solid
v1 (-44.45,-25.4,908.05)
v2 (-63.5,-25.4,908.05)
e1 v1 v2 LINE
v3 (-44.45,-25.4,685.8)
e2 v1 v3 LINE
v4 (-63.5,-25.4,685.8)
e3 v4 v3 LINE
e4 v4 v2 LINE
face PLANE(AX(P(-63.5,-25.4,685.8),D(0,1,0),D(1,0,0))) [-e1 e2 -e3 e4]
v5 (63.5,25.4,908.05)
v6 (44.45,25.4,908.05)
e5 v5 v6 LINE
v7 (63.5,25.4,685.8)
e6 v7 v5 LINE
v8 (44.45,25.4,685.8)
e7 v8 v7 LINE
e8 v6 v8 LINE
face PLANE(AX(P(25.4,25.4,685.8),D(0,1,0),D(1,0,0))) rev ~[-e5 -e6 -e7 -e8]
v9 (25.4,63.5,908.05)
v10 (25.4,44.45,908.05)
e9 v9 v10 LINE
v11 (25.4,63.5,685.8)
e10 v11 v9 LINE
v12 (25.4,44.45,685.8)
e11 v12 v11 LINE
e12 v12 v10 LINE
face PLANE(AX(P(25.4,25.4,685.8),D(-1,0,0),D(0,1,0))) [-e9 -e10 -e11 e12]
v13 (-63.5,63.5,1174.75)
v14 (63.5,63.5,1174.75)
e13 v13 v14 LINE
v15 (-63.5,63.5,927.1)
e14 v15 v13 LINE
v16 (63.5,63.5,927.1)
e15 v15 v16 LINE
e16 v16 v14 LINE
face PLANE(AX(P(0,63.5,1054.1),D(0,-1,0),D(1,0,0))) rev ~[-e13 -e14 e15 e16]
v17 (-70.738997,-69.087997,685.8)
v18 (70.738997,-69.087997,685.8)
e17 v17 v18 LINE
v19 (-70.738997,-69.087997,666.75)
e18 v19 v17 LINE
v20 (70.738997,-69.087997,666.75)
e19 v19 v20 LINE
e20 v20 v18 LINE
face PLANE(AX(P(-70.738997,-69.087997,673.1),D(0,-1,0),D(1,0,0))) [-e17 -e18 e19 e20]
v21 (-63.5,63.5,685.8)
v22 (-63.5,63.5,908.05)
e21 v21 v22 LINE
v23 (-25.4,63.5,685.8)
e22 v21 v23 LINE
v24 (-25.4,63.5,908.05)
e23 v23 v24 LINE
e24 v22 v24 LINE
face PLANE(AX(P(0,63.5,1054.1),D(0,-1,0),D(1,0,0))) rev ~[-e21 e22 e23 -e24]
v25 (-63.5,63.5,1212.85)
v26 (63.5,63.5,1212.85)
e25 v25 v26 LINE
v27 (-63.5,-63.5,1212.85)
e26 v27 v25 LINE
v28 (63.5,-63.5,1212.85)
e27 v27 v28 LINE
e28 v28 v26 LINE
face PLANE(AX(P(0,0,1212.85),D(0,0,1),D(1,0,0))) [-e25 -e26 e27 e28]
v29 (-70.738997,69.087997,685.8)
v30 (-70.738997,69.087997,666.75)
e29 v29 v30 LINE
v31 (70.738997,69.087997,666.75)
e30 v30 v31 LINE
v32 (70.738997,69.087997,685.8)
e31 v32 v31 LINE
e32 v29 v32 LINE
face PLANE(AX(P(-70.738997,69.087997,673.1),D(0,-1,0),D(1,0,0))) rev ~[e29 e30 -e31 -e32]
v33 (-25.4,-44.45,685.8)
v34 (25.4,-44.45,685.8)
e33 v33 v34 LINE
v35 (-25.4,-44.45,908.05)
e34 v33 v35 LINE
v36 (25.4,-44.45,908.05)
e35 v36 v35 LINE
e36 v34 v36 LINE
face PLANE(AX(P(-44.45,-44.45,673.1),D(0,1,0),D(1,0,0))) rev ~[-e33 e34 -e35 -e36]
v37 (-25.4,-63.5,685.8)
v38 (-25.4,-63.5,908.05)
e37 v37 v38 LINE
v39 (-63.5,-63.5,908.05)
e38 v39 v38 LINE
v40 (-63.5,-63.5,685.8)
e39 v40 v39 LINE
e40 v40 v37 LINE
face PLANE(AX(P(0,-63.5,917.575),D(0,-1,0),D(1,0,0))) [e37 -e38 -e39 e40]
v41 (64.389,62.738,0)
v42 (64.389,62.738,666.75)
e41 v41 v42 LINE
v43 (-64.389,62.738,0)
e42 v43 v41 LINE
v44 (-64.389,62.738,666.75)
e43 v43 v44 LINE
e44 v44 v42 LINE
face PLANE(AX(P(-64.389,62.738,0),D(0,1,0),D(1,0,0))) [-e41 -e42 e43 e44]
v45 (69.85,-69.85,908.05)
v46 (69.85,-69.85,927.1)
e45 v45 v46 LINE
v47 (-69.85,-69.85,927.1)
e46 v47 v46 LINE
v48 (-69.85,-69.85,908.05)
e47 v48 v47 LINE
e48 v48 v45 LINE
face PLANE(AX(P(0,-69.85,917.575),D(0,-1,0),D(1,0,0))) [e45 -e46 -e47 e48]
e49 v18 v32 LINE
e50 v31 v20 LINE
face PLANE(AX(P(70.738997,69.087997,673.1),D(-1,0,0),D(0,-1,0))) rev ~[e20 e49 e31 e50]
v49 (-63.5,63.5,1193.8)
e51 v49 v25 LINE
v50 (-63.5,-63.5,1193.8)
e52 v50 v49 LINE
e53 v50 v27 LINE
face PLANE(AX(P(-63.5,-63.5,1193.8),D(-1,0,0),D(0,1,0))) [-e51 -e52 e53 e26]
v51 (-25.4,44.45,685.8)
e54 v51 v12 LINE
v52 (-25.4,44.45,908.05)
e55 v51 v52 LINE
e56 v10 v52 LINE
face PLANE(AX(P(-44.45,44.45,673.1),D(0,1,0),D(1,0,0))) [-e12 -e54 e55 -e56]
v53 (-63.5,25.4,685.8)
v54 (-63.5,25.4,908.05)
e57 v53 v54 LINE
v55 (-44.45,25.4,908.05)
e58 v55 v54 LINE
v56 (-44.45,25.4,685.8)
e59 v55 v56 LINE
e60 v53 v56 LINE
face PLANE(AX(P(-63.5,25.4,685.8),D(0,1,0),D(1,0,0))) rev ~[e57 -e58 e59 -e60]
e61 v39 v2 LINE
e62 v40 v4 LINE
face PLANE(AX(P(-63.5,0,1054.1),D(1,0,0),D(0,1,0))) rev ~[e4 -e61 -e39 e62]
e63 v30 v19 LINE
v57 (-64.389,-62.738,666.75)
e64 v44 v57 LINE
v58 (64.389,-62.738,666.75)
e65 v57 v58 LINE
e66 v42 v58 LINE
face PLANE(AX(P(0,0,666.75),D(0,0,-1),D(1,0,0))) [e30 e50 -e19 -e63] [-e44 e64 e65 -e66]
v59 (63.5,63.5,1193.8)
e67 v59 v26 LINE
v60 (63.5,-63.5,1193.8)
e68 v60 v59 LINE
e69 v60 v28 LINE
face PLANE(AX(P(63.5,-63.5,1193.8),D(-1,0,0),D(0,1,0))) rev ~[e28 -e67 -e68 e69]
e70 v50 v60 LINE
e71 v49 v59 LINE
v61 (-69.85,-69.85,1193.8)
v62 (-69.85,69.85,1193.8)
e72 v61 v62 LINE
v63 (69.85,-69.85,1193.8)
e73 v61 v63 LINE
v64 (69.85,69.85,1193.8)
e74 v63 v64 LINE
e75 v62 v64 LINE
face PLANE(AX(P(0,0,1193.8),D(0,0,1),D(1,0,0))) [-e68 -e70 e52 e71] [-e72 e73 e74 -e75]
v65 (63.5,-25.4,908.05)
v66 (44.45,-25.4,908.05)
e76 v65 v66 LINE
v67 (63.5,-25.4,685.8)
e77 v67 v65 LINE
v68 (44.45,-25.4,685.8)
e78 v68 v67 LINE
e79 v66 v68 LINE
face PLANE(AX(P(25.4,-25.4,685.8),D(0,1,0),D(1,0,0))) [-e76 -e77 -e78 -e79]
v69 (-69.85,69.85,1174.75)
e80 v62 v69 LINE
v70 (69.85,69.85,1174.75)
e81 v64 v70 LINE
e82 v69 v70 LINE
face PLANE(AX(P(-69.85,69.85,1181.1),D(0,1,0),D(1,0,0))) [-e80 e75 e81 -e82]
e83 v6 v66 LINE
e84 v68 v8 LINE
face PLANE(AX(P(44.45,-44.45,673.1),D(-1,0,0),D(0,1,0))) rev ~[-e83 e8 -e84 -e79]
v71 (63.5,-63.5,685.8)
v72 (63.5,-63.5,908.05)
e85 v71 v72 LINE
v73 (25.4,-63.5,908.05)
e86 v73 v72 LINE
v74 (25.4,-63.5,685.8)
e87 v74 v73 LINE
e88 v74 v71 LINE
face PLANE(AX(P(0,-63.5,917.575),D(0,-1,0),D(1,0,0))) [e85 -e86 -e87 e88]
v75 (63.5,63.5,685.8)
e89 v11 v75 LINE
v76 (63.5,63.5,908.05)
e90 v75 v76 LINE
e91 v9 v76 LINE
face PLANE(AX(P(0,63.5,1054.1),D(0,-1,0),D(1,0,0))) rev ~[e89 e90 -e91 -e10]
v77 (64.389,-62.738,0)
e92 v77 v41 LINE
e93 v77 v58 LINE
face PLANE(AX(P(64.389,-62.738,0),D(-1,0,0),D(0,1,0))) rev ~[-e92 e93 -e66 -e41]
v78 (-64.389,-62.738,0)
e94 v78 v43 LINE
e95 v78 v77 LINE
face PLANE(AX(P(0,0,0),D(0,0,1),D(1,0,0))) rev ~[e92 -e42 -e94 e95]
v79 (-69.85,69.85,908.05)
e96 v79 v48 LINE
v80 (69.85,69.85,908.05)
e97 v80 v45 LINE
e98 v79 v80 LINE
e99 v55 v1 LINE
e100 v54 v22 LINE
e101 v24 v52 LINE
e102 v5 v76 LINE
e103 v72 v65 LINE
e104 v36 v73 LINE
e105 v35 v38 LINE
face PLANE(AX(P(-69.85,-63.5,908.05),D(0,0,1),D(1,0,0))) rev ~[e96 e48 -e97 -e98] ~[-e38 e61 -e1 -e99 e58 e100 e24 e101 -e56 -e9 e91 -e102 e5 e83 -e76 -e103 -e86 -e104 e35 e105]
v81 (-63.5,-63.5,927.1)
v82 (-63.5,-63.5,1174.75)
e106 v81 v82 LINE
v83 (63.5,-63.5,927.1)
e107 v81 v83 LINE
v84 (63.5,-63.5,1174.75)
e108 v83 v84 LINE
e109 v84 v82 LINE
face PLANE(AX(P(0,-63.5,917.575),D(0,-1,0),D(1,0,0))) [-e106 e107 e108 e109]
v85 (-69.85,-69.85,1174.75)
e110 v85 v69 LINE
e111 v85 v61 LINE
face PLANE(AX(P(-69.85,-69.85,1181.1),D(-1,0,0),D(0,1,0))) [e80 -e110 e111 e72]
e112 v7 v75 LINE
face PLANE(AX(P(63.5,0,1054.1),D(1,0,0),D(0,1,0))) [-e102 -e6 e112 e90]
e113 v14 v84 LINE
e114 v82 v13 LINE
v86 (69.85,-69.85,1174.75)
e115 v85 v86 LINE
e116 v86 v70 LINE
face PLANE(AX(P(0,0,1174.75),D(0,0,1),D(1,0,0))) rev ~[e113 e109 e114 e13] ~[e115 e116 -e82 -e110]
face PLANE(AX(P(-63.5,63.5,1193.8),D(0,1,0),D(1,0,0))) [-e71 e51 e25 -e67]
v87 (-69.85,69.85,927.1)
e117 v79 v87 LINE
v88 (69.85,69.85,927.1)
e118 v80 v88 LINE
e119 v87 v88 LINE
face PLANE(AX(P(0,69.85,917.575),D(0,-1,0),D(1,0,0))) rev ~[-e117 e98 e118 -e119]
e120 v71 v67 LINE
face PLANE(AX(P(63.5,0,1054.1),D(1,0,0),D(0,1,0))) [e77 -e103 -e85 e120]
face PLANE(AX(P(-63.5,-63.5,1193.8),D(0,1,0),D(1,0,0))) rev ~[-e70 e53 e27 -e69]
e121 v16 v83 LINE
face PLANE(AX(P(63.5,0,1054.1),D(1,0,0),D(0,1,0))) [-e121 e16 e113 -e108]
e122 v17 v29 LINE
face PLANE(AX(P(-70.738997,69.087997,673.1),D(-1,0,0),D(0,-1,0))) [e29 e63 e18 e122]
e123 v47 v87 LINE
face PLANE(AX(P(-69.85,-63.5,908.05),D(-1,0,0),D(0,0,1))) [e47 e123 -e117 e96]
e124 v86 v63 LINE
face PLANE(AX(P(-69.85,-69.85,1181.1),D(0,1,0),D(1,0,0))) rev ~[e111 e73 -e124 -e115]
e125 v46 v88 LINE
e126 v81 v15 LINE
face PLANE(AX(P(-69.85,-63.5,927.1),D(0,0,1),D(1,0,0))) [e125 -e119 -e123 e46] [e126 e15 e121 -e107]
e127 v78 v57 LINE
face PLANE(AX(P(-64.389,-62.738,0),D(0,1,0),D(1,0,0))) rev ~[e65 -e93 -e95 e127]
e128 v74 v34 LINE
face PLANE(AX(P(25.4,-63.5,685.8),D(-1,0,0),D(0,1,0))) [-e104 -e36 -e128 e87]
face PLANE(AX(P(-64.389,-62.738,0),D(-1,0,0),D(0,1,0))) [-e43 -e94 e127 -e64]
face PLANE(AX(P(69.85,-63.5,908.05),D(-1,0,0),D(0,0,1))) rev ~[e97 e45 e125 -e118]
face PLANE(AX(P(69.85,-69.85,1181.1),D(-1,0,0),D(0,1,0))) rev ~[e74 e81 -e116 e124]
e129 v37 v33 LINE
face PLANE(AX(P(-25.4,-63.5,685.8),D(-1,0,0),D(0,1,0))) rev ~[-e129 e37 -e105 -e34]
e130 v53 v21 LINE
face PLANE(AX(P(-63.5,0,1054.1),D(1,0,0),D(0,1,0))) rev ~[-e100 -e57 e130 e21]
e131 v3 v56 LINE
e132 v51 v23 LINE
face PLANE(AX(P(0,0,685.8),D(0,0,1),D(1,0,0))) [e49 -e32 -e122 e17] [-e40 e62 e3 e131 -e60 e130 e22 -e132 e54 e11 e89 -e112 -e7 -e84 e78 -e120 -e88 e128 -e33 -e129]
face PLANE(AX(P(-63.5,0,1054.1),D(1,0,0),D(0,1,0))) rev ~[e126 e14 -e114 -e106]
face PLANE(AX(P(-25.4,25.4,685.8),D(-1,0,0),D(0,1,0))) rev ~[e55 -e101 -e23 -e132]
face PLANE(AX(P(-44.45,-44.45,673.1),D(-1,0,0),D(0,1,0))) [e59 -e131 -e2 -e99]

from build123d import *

# Parameters (mm, degrees)
F0_W           = 128.778
F0_H           = 125.476
F1_DEPTH       = 673.1
F2_W           = 88.9
F2_H           = 88.9
F3_DEPTH       = 508
F4_W           = 141.4779941578
F4_H           = 138.1759941578
F4_W_2         = 88.9
F4_H_2         = 88.9
F5_DEPTH       = 12.7
F6_W           = 141.4779941578
F6_H           = 138.1759941578
F6_W_2         = 128.778
F6_H_2         = 125.476
F7_DEPTH       = 6.35
F8_W           = 38.1
F8_H           = 38.1
F9_DEPTH       = 495.3
F10_W          = 139.7
F10_H          = 139.7
F10_W_2        = 127
F10_H_2        = 127
F11_DEPTH      = 6.35
F12_W          = 139.7
F12_H          = 139.7
F13_DEPTH      = 12.7
F14_W          = 50.8
F14_H          = 254
F15_DEPTH      = 19.05
F15_DEPTH_BACK = 107.95
F16_W          = 50.8
F16_H          = 254
F17_DEPTH      = 19.05
F17_DEPTH_BACK = 107.95
F18_W          = 139.7
F18_H          = 19.05
F19_DEPTH      = 133.35
F19_DEPTH_BACK = 6.35
F20_W          = 127
F20_H          = 127
F21_DEPTH      = 19.05


with BuildPart() as f1:
    # F0 (on Top) → F1 (new body)
    with BuildSketch(Plane.XY):
        Rectangle(F0_W, F0_H)
    extrude(amount=F1_DEPTH)

    # F2 (on face) → F3 (join)
    with BuildSketch(Plane.XY.offset(673.1)):
        Rectangle(F2_W, F2_H)
    extrude(amount=F3_DEPTH)

    # F4 (on face) → F5 (join)
    with BuildSketch(Plane.XY.offset(673.1)):
        Rectangle(F4_W, F4_H)
        Rectangle(F4_W_2, F4_H_2, mode=Mode.SUBTRACT)
    extrude(amount=F5_DEPTH)

    # F6 (on face) → F7 (join)
    with BuildSketch(Plane(origin=(0, 0, 673.1), x_dir=(1, 0, 0), z_dir=(0, 0, -1))):
        Rectangle(F6_W, F6_H)
        Rectangle(F6_W_2, F6_H_2, mode=Mode.SUBTRACT)
    extrude(amount=F7_DEPTH)

    # F8 (on face) → F9 (join)
    with BuildSketch(Plane.XY.offset(685.8)):
        with Locations((44.45, 44.45)):
            Rectangle(F8_W, F8_H)
        with Locations((44.45, -44.45)):
            Rectangle(F8_W, F8_H)
        with Locations((-44.45, -44.45)):
            Rectangle(F8_W, F8_H)
        with Locations((-44.45, 44.45)):
            Rectangle(F8_W, F8_H)
    extrude(amount=F9_DEPTH)

    # F10 (on face) → F11 (join)
    with BuildSketch(Plane.XY.offset(1181.1)):
        Rectangle(F10_W, F10_H)
        Rectangle(F10_W_2, F10_H_2, mode=Mode.SUBTRACT)
    extrude(amount=-F11_DEPTH)

    # F12 (on face) → F13 (join)
    with BuildSketch(Plane.XY.offset(1181.1)):
        Rectangle(F12_W, F12_H)
    extrude(amount=F13_DEPTH)

    # F14 (on face) → F15 (join, two sides)
    with BuildSketch(Plane.YZ.offset(44.45)) as f15_sk:
        with Locations((0, 1054.1)):
            Rectangle(F14_W, F14_H)
    extrude(amount=F15_DEPTH)
    extrude(f15_sk.sketch, amount=-F15_DEPTH_BACK)

    # F16 (on face) → F17 (join, two sides)
    with BuildSketch(Plane.XZ.offset(44.45)) as f17_sk:
        with Locations((0, 1054.1)):
            Rectangle(F16_W, F16_H)
    extrude(amount=F17_DEPTH)
    extrude(f17_sk.sketch, amount=-F17_DEPTH_BACK)

    # F18 (on face) → F19 (join, two sides)
    with BuildSketch(Plane.XZ.offset(63.5)) as f19_sk:
        with Locations((0, 917.575)):
            Rectangle(F18_W, F18_H)
    extrude(amount=-F19_DEPTH)
    extrude(f19_sk.sketch, amount=F19_DEPTH_BACK)

    # F20 (on face) → F21 (join)
    with BuildSketch(Plane.XY.offset(1193.8)):
        Rectangle(F20_W, F20_H)
    extrude(amount=F21_DEPTH)


solid = f1.part
